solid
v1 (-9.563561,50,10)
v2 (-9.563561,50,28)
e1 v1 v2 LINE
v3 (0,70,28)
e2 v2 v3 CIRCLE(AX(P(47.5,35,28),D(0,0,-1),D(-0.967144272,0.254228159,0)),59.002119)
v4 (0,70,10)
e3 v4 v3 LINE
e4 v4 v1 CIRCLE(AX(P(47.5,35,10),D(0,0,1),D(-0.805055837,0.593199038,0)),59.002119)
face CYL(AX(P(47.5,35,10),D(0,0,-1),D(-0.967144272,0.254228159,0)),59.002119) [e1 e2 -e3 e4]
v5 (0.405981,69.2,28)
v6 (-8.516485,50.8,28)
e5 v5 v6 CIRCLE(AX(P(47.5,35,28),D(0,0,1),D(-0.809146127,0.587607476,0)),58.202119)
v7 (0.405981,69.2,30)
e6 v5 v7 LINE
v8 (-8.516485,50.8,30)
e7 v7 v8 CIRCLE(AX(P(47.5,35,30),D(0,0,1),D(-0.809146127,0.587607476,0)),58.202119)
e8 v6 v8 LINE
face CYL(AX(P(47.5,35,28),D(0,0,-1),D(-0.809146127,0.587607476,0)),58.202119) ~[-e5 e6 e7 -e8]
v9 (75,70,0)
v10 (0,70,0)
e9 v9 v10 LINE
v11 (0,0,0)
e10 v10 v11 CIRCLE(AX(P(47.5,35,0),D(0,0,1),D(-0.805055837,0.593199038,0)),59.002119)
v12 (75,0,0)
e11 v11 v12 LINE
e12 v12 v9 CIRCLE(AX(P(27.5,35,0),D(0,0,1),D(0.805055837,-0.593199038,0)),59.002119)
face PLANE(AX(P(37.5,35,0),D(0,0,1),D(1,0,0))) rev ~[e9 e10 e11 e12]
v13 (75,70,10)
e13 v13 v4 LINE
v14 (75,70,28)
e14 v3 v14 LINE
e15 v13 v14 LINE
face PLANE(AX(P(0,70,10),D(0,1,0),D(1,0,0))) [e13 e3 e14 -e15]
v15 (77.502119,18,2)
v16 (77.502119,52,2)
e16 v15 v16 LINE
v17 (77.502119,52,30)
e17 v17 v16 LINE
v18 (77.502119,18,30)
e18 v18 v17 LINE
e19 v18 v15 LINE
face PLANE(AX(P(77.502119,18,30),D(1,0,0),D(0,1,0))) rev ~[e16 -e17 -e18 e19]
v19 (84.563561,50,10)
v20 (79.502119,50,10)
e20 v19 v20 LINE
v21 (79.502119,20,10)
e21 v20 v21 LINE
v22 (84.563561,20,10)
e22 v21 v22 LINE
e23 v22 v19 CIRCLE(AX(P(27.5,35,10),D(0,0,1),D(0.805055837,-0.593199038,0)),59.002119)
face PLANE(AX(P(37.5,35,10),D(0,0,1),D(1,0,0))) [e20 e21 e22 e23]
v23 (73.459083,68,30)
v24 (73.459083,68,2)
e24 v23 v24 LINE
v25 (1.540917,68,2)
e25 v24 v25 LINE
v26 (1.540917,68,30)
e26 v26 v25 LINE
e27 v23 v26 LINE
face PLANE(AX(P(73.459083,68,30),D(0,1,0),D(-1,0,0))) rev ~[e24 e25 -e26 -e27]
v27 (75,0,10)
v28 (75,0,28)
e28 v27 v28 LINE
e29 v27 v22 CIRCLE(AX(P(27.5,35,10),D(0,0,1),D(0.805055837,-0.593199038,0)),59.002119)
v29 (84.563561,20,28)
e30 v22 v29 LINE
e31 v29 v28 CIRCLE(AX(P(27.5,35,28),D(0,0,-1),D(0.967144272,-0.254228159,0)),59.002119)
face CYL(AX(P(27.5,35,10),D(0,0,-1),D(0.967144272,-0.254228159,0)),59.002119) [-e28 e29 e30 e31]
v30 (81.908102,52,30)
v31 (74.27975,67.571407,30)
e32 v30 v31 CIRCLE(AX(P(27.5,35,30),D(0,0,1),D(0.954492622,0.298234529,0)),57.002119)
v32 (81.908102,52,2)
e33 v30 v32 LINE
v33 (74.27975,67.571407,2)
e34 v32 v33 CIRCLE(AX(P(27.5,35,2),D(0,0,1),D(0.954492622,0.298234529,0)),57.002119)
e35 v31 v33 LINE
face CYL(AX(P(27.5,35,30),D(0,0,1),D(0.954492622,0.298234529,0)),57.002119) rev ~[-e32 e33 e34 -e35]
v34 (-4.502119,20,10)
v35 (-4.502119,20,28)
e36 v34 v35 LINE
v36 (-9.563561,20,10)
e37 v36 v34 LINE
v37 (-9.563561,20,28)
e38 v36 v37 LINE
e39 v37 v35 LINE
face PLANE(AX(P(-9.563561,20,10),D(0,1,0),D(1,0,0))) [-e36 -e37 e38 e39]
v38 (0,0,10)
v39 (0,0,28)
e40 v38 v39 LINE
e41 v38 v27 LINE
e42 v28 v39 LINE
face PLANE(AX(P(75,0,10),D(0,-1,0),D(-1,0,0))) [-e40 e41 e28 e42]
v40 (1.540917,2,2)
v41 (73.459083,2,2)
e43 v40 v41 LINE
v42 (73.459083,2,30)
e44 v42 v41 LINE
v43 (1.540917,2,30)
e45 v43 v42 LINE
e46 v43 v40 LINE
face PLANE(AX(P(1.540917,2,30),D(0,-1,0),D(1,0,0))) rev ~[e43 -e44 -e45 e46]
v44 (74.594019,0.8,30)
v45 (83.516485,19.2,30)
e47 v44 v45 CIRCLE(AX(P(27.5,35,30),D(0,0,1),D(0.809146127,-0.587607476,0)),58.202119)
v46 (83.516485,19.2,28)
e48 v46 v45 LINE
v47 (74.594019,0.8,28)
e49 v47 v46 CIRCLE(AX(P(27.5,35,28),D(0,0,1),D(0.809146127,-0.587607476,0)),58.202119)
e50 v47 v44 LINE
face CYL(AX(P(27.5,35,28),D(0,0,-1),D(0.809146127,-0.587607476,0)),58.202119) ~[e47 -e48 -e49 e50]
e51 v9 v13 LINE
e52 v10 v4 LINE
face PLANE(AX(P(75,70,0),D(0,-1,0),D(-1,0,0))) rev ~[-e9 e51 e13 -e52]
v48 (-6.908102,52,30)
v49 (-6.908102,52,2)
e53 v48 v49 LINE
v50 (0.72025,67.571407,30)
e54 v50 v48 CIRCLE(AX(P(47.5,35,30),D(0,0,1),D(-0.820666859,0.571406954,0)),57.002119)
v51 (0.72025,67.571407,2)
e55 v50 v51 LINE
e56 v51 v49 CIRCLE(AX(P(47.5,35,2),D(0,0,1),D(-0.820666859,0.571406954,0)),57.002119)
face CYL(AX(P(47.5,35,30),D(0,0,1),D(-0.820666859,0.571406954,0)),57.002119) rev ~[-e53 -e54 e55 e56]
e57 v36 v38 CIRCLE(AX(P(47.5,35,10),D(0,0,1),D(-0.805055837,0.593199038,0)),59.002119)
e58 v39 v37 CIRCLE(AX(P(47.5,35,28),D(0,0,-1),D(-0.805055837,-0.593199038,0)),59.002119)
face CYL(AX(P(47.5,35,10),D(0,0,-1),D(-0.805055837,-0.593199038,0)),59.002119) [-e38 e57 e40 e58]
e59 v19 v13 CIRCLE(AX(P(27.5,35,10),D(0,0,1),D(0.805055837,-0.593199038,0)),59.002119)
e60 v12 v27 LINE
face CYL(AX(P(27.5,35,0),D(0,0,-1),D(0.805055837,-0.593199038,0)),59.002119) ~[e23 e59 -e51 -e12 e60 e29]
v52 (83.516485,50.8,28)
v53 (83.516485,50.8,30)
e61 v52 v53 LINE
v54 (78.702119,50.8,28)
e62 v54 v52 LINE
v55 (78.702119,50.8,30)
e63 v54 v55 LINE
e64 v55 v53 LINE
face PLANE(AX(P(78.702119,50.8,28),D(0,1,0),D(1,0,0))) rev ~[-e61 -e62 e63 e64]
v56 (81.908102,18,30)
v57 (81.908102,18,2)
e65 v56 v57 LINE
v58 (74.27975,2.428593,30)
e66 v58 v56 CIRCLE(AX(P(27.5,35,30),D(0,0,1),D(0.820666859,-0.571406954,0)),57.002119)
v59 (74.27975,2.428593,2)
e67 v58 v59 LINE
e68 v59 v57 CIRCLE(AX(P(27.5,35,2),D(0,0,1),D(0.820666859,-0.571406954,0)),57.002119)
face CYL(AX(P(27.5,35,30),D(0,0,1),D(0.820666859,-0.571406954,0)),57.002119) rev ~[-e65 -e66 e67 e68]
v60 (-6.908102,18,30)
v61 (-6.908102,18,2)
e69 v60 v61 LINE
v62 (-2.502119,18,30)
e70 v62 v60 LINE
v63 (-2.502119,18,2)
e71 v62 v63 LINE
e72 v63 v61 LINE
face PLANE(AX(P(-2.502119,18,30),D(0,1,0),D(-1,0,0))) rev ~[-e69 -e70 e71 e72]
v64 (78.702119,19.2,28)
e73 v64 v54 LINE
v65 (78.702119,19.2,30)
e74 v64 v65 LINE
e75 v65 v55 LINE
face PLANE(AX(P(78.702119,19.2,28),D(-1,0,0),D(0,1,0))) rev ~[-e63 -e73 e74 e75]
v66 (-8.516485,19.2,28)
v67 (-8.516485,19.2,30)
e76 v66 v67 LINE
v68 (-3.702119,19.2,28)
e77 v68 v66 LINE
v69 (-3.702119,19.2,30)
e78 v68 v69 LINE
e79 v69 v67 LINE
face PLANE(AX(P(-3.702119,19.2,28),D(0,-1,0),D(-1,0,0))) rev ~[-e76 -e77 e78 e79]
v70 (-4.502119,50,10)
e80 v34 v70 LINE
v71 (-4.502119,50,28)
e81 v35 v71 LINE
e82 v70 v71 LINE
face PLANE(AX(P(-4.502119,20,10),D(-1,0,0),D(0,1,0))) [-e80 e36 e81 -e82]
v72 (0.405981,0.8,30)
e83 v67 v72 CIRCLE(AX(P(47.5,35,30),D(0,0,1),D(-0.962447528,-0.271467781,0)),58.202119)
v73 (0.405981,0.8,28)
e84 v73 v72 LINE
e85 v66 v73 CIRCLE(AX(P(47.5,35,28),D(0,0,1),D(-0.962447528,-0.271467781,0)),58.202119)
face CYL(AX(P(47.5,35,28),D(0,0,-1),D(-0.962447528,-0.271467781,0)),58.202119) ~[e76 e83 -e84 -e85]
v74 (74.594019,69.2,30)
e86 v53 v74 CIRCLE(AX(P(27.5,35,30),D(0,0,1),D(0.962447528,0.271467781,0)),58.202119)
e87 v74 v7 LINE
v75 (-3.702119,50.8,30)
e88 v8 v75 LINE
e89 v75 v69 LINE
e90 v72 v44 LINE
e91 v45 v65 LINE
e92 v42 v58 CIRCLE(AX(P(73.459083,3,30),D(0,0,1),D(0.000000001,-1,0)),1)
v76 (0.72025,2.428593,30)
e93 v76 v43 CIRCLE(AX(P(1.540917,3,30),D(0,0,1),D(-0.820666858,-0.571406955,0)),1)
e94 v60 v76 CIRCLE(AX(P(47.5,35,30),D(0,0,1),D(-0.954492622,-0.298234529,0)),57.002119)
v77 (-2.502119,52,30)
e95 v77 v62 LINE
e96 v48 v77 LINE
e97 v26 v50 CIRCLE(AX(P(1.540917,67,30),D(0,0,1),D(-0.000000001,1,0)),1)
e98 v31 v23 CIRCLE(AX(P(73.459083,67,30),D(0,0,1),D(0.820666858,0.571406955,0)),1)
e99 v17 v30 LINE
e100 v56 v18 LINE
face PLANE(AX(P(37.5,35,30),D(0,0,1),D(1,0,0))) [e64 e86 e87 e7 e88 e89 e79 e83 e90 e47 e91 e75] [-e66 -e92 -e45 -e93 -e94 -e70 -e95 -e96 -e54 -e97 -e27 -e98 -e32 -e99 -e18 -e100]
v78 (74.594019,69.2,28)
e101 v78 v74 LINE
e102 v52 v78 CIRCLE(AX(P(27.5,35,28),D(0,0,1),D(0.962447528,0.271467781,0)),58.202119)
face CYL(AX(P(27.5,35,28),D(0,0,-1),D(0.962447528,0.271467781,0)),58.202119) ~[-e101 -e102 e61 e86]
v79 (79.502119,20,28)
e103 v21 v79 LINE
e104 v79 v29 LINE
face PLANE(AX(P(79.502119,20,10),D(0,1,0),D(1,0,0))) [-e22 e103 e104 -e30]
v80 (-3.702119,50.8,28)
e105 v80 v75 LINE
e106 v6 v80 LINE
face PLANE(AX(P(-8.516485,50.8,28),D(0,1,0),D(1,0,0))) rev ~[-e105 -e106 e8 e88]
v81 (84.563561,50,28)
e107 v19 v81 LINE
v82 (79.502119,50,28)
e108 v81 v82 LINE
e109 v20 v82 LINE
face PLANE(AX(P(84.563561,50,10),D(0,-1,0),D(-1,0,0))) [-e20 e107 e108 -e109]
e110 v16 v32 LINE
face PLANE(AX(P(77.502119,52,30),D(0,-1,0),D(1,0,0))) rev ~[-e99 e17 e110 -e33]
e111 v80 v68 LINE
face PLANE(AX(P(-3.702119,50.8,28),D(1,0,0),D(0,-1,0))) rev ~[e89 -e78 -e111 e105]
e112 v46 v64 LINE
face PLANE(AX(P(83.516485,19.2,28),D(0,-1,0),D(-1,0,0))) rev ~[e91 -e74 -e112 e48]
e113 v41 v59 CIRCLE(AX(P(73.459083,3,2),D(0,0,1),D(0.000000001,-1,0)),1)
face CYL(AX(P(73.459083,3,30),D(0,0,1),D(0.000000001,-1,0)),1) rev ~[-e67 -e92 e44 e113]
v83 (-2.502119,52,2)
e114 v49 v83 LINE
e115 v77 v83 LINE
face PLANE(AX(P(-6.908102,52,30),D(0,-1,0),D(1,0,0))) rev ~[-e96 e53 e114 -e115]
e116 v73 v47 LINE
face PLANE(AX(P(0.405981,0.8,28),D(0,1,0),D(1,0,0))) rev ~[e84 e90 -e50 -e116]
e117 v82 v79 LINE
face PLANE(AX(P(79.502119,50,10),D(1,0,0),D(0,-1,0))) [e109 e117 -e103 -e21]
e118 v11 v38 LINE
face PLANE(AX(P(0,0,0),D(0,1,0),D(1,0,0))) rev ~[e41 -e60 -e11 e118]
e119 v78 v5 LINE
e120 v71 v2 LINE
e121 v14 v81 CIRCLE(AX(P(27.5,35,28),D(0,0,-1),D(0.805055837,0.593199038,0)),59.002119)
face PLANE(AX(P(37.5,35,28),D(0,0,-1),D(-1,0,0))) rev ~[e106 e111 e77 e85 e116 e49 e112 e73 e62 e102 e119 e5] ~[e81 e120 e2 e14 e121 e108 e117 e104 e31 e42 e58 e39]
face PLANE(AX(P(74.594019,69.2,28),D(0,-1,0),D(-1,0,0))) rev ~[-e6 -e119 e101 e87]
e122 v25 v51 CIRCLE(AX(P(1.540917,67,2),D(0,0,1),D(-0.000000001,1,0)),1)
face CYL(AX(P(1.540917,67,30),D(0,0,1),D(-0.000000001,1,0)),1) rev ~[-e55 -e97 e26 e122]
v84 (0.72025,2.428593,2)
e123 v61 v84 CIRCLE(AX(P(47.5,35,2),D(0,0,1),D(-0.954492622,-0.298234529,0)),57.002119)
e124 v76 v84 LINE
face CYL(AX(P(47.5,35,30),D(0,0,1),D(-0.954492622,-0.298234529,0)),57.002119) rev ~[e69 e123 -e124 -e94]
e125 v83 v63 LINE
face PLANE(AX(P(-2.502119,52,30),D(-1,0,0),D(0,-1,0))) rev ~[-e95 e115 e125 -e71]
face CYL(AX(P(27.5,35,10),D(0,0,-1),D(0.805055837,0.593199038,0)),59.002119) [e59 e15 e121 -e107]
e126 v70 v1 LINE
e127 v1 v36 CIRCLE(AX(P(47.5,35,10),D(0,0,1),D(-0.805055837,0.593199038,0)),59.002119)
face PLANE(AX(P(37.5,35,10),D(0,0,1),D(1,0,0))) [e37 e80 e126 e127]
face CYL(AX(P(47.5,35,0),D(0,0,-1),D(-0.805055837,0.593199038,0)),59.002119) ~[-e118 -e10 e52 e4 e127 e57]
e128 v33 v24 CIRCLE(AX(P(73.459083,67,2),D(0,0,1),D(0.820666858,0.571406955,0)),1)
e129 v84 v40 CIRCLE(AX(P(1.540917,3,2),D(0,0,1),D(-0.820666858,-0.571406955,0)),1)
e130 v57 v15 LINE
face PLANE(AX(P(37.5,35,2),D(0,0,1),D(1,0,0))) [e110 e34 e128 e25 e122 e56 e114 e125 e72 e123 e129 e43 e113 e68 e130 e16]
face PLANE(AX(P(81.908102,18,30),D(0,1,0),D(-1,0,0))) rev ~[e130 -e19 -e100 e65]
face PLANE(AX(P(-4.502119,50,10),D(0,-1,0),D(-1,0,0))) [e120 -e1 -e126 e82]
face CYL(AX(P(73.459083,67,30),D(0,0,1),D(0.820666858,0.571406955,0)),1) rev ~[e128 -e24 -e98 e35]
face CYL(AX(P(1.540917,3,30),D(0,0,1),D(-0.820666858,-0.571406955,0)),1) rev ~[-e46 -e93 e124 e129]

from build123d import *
from build123d.topology import SkipClean

# Parameters (mm, degrees)
BOSS_EXTRUDE4_DEPTH  = 10
BOSS_EXTRUDE10_DEPTH = 18
BOSS_EXTRUDE11_DEPTH = 2
CUT_EXTRUDE8_DEPTH   = 28


with BuildPart() as part:
    # Sketch1 → Boss-Extrude4 (new body)
    with BuildSketch(Plane.XY):
        with BuildLine():
            Line((0, 0), (75, 0))
            ThreePointArc((75, 0), (86.502118606, 35), (75, 70))
            Line((75, 70), (0, 70))
            ThreePointArc((0, 70), (-11.502118606, 35), (0, 0))
        make_face()
    extrude(amount=BOSS_EXTRUDE4_DEPTH)

    # Sketch4 → Boss-Extrude10 (add)
    with SkipClean():  # the faces are left unmerged after this step: merging them gives an invalid solid
        with BuildSketch(Plane.XY.offset(10)):
            with BuildLine():
                Line((79.502118606, 20), (84.563561053, 20))
                ThreePointArc((84.563561053, 20), (80.729546072, 9.546799317), (75, 0))
                Line((75, 0), (0, 0))
                ThreePointArc((0, 0), (-5.729546072, 9.546799317), (-9.563561053, 20))
                Line((-9.563561053, 20), (-4.502118606, 20))
                Line((-4.502118606, 20), (-4.502118606, 50))
                Line((-4.502118606, 50), (-9.563561053, 50))
                ThreePointArc((-9.563561053, 50), (-5.729546072, 60.453200683), (0, 70))
                Line((0, 70), (75, 70))
                ThreePointArc((75, 70), (80.729546072, 60.453200683), (84.563561053, 50))
                Line((84.563561053, 50), (79.502118606, 50))
                Line((79.502118606, 50), (79.502118606, 20))
            make_face()
        extrude(amount=BOSS_EXTRUDE10_DEPTH)

    # Sketch9 → Boss-Extrude11 (add)
    with SkipClean():  # the faces are left unmerged after this step: merging them gives an invalid solid
        with BuildSketch(Plane.XY.offset(28)):
            with BuildLine():
                Line((-8.516485165, 50.8), (-3.702118606, 50.8))
                Line((-3.702118606, 50.8), (-3.702118606, 19.2))
                Line((-3.702118606, 19.2), (-8.516485165, 19.2))
                ThreePointArc((-8.516485165, 19.2), (-4.869685973, 9.605067408), (0.405981163, 0.8))
                Line((0.405981163, 0.8), (74.594018837, 0.8))
                ThreePointArc((74.594018837, 0.8), (79.869685973, 9.605067408), (83.516485165, 19.2))
                Line((83.516485165, 19.2), (78.702118606, 19.2))
                Line((78.702118606, 19.2), (78.702118606, 50.8))
                Line((78.702118606, 50.8), (83.516485165, 50.8))
                ThreePointArc((83.516485165, 50.8), (79.869685973, 60.394932592), (74.594018837, 69.2))
                Line((74.594018837, 69.2), (0.405981163, 69.2))
                ThreePointArc((0.405981163, 69.2), (-4.869685973, 60.394932592), (-8.516485165, 50.8))
            make_face()
        extrude(amount=BOSS_EXTRUDE11_DEPTH)

    # Sketch10 → Cut-Extrude8 (cut)
    with SkipClean():  # the faces are left unmerged after this step: merging them gives an invalid solid
        with BuildSketch(Plane.XY.offset(30)):
            with BuildLine():
                Line((-6.908101654, 52), (-2.502118606, 52))
                Line((-2.502118606, 52), (-2.502118606, 18))
                Line((-2.502118606, 18), (-6.908101654, 18))
                ThreePointArc((-6.908101654, 18), (-3.68947636, 9.922539293), (0.720250379, 2.428593046))
                ThreePointArc((0.720250379, 2.428593046), (1.077995513, 2.113600837), (1.540917238, 2))
                Line((1.540917238, 2), (73.459082762, 2))
                ThreePointArc((73.459082762, 2), (73.922004487, 2.113600837), (74.279749621, 2.428593046))
                ThreePointArc((74.279749621, 2.428593046), (78.68947636, 9.922539293), (81.908101654, 18))
                Line((81.908101654, 18), (77.502118606, 18))
                Line((77.502118606, 18), (77.502118606, 52))
                Line((77.502118606, 52), (81.908101654, 52))
                ThreePointArc((81.908101654, 52), (78.68947636, 60.077460707), (74.279749621, 67.571406954))
                ThreePointArc((74.279749621, 67.571406954), (73.922004487, 67.886399163), (73.459082762, 68))
                Line((73.459082762, 68), (1.540917238, 68))
                ThreePointArc((1.540917238, 68), (1.077995513, 67.886399163), (0.720250379, 67.571406954))
                ThreePointArc((0.720250379, 67.571406954), (-3.68947636, 60.077460707), (-6.908101654, 52))
            make_face()
        extrude(amount=-CUT_EXTRUDE8_DEPTH, mode=Mode.SUBTRACT)


solid = part.part
